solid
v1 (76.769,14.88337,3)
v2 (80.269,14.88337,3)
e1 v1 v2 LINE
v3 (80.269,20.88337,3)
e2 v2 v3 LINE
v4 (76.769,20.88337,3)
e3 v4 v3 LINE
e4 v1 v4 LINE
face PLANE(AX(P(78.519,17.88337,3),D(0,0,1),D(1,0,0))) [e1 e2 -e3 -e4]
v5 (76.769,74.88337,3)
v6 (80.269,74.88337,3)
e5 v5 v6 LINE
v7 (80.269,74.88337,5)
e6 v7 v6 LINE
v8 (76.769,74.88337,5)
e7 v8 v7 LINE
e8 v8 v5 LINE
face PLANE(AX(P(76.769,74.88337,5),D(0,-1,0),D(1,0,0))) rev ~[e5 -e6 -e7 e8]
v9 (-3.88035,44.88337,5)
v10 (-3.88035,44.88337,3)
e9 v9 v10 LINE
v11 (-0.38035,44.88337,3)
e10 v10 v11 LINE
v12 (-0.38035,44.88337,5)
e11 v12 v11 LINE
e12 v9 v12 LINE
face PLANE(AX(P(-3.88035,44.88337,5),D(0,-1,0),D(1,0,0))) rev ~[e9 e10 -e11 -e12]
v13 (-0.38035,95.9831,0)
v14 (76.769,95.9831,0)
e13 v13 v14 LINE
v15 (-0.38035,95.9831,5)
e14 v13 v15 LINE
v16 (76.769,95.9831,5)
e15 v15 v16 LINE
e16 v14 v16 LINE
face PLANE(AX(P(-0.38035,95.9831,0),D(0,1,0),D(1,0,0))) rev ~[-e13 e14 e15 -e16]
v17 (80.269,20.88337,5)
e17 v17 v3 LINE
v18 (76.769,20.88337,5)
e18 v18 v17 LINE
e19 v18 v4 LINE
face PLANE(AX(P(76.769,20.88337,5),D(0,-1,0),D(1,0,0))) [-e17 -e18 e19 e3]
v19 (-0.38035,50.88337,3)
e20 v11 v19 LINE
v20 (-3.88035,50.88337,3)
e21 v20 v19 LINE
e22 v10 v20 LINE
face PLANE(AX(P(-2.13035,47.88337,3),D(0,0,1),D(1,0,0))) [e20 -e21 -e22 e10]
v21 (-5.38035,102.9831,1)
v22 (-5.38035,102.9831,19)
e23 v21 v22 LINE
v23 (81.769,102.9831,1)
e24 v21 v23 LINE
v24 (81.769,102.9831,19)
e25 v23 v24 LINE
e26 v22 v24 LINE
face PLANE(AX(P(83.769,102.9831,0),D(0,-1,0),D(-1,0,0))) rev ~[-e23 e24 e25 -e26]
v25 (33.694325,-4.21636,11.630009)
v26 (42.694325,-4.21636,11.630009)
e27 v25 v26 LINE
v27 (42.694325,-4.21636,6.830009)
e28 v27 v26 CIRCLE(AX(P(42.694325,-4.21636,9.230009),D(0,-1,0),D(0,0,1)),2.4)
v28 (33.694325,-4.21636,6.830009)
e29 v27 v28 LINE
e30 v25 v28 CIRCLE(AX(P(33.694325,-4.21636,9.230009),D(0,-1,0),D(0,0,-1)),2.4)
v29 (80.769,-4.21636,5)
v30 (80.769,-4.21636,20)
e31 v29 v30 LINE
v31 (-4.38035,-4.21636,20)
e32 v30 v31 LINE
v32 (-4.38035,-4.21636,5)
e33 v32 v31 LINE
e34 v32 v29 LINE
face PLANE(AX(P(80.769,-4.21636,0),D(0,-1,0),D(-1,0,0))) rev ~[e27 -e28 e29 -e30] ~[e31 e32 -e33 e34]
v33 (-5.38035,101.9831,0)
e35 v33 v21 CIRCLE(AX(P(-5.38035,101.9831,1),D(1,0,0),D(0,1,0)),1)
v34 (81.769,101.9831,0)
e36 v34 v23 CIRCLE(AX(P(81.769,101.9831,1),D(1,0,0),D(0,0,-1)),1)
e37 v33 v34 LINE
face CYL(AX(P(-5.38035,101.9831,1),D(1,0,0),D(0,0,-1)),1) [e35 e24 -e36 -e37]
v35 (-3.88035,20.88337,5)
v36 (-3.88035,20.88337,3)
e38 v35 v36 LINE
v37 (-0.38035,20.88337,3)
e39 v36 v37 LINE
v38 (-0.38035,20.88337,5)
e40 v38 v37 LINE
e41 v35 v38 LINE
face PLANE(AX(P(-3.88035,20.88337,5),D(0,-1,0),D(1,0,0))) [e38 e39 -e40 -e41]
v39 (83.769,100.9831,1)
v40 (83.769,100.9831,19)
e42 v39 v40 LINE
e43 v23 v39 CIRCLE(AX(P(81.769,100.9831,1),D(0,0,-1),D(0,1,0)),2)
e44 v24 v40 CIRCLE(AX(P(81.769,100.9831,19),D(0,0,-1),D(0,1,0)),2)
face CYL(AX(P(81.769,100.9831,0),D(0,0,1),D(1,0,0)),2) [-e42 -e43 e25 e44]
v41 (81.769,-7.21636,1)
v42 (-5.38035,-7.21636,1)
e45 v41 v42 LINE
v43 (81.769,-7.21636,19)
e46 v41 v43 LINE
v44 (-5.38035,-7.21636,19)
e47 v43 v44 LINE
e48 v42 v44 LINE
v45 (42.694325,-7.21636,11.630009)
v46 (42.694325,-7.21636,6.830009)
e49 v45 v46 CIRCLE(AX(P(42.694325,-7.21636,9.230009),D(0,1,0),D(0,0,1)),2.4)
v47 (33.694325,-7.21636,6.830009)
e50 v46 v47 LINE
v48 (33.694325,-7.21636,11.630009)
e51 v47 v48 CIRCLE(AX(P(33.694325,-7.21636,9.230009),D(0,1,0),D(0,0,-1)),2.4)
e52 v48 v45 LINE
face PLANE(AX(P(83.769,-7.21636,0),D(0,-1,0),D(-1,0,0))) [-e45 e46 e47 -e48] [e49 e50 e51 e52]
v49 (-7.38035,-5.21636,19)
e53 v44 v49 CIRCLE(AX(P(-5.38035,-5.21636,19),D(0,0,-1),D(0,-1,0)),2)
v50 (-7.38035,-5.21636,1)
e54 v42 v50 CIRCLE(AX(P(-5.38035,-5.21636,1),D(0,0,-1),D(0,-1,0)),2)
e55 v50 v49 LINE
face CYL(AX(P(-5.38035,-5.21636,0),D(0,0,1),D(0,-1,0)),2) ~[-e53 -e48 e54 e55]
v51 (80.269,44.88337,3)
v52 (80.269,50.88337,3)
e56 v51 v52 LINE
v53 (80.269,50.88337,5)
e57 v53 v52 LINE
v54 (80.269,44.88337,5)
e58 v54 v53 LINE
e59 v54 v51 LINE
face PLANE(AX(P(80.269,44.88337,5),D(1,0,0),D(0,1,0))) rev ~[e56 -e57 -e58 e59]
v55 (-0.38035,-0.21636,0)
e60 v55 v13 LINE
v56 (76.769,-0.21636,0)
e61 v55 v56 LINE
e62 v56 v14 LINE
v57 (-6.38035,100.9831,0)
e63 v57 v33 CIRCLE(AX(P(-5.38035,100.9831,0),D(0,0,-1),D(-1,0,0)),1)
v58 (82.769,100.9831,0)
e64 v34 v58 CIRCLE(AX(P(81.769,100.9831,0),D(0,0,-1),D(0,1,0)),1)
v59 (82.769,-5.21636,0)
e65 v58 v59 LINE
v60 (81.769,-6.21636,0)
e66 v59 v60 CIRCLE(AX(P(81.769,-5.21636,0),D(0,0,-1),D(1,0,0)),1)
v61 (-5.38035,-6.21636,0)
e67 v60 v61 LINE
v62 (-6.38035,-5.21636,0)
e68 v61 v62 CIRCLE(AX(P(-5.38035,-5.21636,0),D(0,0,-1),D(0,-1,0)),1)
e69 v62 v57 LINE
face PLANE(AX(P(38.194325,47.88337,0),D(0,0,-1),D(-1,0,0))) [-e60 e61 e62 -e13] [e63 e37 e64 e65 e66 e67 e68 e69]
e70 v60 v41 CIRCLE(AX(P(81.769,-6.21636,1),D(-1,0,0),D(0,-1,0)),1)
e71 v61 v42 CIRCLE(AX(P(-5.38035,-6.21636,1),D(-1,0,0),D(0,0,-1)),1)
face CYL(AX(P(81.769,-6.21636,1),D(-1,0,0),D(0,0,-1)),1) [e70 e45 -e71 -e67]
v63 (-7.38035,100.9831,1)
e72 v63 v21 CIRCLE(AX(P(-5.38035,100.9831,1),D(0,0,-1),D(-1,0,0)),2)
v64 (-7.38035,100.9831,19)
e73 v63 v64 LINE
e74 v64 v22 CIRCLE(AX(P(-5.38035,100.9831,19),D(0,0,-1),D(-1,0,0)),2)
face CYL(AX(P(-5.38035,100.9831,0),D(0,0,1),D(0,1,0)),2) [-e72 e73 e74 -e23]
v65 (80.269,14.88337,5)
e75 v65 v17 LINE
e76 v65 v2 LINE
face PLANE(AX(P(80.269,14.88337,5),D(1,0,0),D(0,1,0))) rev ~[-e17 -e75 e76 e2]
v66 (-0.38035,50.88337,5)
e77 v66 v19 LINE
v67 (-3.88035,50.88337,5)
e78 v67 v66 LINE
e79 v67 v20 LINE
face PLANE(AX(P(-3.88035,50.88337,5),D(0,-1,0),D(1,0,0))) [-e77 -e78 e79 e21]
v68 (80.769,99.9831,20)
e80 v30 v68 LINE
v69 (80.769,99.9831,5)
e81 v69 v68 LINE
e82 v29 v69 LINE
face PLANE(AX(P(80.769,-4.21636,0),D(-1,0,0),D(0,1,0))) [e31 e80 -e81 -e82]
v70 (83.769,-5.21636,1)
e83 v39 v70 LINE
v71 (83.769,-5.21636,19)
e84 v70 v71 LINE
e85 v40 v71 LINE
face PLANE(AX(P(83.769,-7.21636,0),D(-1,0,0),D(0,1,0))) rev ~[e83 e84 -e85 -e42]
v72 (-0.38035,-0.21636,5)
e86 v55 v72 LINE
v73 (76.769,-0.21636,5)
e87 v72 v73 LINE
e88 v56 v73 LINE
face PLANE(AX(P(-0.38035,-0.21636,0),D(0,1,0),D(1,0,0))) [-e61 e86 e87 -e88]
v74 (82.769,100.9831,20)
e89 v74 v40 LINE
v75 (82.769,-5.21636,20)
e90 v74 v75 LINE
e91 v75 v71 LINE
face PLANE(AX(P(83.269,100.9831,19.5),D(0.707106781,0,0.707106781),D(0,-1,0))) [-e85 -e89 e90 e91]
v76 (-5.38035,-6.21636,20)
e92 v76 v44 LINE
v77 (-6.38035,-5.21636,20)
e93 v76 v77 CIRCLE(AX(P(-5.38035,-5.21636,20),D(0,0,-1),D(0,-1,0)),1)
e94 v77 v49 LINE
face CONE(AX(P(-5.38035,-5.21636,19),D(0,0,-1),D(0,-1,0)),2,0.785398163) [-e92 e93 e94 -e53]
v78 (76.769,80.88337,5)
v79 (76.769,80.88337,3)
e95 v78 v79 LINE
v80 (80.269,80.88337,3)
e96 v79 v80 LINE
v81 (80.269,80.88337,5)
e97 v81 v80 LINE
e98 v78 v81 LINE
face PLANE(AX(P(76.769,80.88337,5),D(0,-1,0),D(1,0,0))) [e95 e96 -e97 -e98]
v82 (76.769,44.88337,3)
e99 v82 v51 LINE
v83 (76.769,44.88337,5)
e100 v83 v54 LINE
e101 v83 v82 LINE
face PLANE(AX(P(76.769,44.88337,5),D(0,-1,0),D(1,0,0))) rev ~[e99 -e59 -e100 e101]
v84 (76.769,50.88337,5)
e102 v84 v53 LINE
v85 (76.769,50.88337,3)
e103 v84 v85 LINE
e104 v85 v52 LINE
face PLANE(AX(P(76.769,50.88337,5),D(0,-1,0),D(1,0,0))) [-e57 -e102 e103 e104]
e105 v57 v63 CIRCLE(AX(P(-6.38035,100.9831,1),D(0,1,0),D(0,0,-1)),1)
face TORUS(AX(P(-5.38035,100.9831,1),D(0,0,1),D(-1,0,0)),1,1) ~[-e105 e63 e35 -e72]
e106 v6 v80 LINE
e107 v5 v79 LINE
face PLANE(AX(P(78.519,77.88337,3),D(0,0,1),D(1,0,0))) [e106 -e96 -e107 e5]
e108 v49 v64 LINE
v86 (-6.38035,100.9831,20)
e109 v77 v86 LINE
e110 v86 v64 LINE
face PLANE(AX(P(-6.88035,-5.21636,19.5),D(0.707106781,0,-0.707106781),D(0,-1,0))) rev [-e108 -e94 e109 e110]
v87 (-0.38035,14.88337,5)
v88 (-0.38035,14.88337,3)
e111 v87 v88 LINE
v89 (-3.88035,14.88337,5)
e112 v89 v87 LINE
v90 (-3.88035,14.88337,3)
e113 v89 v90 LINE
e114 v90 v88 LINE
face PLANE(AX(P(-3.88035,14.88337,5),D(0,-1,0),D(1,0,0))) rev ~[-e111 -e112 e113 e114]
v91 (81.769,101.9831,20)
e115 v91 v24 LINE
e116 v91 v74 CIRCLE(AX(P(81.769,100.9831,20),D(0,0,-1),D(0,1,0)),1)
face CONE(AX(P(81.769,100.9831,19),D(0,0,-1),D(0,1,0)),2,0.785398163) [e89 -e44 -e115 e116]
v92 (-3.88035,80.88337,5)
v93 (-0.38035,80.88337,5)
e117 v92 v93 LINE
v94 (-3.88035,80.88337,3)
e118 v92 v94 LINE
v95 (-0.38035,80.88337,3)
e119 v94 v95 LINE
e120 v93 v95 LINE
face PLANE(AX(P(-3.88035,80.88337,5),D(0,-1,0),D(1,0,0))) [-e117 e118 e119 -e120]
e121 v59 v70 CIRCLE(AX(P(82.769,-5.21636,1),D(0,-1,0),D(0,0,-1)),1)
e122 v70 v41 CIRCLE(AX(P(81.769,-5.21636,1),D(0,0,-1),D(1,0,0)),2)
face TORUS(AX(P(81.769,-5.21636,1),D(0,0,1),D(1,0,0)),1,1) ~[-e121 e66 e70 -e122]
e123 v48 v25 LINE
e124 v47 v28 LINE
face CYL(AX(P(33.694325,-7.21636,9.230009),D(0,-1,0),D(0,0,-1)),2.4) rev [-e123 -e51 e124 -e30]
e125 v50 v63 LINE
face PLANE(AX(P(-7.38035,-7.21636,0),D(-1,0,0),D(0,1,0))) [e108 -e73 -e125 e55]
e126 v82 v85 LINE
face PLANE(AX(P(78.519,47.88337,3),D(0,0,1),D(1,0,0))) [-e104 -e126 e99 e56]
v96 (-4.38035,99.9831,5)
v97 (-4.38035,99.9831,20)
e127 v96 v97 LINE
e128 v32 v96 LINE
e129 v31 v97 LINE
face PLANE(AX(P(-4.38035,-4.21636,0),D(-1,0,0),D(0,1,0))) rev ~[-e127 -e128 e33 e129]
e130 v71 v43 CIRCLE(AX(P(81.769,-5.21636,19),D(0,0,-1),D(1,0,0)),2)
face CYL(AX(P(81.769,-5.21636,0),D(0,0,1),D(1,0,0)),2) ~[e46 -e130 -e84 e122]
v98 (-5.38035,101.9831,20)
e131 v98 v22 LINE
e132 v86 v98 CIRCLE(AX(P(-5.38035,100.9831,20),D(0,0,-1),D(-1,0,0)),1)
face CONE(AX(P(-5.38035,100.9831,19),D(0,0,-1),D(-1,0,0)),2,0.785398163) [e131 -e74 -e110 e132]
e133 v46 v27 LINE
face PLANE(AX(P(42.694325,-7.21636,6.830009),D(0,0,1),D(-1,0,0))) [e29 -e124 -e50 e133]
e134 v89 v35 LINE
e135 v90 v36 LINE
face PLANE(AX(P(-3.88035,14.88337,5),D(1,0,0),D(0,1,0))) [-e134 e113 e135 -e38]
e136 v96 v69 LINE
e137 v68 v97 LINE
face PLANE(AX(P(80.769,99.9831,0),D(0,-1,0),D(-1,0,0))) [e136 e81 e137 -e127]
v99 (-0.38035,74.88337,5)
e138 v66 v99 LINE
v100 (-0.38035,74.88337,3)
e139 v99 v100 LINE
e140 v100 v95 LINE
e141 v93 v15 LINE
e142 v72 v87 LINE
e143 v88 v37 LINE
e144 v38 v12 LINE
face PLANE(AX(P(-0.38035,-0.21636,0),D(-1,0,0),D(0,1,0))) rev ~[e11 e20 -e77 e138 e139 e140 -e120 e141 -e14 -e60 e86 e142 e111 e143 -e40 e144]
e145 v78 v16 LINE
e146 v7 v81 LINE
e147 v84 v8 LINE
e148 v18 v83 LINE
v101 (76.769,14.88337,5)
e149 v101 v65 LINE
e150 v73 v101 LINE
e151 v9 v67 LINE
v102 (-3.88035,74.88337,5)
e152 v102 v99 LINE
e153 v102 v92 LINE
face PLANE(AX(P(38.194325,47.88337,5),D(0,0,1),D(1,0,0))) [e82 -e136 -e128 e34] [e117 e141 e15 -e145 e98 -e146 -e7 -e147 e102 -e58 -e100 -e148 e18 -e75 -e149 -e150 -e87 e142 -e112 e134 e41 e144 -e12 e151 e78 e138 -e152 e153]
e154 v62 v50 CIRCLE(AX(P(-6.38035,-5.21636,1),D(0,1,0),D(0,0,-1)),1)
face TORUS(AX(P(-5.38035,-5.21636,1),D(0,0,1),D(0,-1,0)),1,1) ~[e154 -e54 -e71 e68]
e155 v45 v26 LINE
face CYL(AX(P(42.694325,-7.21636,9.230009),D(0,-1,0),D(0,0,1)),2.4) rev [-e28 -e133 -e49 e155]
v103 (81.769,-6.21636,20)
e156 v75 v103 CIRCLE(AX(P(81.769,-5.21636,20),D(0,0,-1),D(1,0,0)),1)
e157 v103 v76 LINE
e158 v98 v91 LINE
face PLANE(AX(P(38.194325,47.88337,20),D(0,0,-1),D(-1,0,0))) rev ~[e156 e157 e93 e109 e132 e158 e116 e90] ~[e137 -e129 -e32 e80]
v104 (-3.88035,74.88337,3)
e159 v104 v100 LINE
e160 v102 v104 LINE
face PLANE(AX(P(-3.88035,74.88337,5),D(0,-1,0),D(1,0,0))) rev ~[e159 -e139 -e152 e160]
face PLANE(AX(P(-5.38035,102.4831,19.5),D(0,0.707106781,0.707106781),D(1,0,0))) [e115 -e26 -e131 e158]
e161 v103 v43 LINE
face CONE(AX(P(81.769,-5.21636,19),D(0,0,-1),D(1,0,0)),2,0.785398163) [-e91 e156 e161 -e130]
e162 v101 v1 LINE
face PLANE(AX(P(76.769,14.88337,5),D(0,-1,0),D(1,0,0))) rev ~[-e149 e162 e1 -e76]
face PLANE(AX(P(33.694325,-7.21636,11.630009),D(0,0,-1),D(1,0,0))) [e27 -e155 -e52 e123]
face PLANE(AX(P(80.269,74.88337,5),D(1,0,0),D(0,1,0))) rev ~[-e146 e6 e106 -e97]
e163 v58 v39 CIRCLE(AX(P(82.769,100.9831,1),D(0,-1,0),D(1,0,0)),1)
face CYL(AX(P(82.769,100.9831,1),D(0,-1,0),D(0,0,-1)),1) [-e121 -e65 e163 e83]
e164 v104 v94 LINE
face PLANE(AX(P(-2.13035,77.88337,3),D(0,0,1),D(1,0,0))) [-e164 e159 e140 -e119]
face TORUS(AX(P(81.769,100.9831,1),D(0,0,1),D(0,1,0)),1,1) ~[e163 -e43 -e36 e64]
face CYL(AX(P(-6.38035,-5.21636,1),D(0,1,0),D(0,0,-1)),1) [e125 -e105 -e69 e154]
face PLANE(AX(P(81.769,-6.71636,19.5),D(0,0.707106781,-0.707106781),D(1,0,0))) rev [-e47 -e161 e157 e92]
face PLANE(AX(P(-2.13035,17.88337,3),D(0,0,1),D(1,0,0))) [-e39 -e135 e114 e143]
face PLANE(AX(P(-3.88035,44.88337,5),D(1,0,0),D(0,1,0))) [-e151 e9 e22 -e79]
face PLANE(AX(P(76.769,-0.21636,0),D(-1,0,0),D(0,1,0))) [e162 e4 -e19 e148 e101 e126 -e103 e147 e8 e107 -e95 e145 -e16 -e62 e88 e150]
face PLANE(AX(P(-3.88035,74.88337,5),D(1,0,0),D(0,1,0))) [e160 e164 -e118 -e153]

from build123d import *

# Parameters (mm, degrees)
MODEL_W             = 85.14935
MODEL_H             = 104.19946
MODEL_W_2           = 77.14935
MODEL_H_2           = 96.19946
EXTRUDE_2_DEPTH     = 5
SKETCH_2_W          = 3.5
SKETCH_2_H          = 6
CUT_EXTRUDE_1_DEPTH = 2
SKETCH_4_W          = 91.14935
SKETCH_4_H          = 110.19946
SKETCH_4_W_2        = 85.14935
SKETCH_4_H_2        = 104.19946
EXTRUDE_5_DEPTH     = 20
FILLET_1_R          = 2
CHAMFER_1_SIZE      = 1
FILLET_2_R          = 1
CUT_EXTRUDE_2_DEPTH = 10


with BuildPart() as part:
    # Model → 凸台-拉伸2 (new body)
    with BuildSketch(Plane.XY):
        with Locations((38.194325, 47.88337)):
            Rectangle(MODEL_W, MODEL_H)
        with Locations((38.194325, 47.88337)):
            Rectangle(MODEL_W_2, MODEL_H_2, mode=Mode.SUBTRACT)
    extrude(amount=EXTRUDE_2_DEPTH)

    # 草图2 → 切除-拉伸1 (cut)
    with BuildSketch(Plane.XY.offset(5)):
        with Locations((-2.13035, 77.88337)):
            Rectangle(SKETCH_2_W, SKETCH_2_H)
        with Locations((78.519, 77.88337)):
            Rectangle(SKETCH_2_W, SKETCH_2_H)
        with Locations((-2.13035, 47.88337)):
            Rectangle(SKETCH_2_W, SKETCH_2_H)
        with Locations((78.519, 47.88337)):
            Rectangle(SKETCH_2_W, SKETCH_2_H)
        with Locations((-2.13035, 17.88337)):
            Rectangle(SKETCH_2_W, SKETCH_2_H)
        with Locations((78.519, 17.88337)):
            Rectangle(SKETCH_2_W, SKETCH_2_H)
    extrude(amount=-CUT_EXTRUDE_1_DEPTH, mode=Mode.SUBTRACT)

    # 草图4 → 凸台-拉伸5 (add)
    with BuildSketch(Plane(origin=(0, 0, 0), x_dir=(-1, 0, 0), z_dir=(0, 0, -1))):
        with Locations((-38.194325, 47.88337)):
            Rectangle(SKETCH_4_W, SKETCH_4_H)
        with Locations((-38.194325, 47.88337)):
            Rectangle(SKETCH_4_W_2, SKETCH_4_H_2, mode=Mode.SUBTRACT)
    extrude(amount=-EXTRUDE_5_DEPTH)

    # 圆角1
    fillet_1_edges = [part.edges().sort_by_distance(p)[0] for p in [
        (83.769, 102.9831, 10),
        (-7.38035, 102.9831, 10),
        (-7.38035, -7.21636, 10),
        (83.769, -7.21636, 10),
    ]]
    fillet(fillet_1_edges, radius=FILLET_1_R)

    # 倒角1
    chamfer_1_edges = [part.edges().sort_by_distance(p)[0] for p in [
        (-7.38035, 47.88337, 20),
        (38.194325, 102.9831, 20),
        (38.194325, -7.21636, 20),
        (83.769, 47.88337, 20),
        (-6.794563562, -6.630573562, 20),
        (83.183213562, -6.630573562, 20),
        (83.183213562, 102.397313562, 20),
        (-6.794563562, 102.397313562, 20),
    ]]
    chamfer(chamfer_1_edges, length=CHAMFER_1_SIZE)

    # 圆角2
    fillet_2_edges = [part.edges().sort_by_distance(p)[0] for p in [
        (-7.38035, 47.88337, 0),
        (38.194325, 102.9831, 0),
        (83.769, 47.88337, 0),
        (38.194325, -7.21636, 0),
        (-6.794563562, -6.630573562, 0),
        (83.183213562, -6.630573562, 0),
        (83.183213562, 102.397313562, 0),
        (-6.794563562, 102.397313562, 0),
    ]]
    fillet(fillet_2_edges, radius=FILLET_2_R)

    # 草图5 → 切除-拉伸2 (cut)
    with BuildSketch(Plane(origin=(76.38865, -7.21636, 20), x_dir=(-1, 0, 0), z_dir=(0, -1, 0))):
        with BuildLine():
            Line((33.694325, 13.169990539), (42.694325, 13.169990539))
            ThreePointArc((42.694325, 13.169990539), (45.094325, 10.769990539), (42.694325, 8.369990539))
            Line((42.694325, 8.369990539), (33.694325, 8.369990539))
            ThreePointArc((33.694325, 8.369990539), (31.294325, 10.769990539), (33.694325, 13.169990539))
        make_face()
    extrude(amount=-CUT_EXTRUDE_2_DEPTH, mode=Mode.SUBTRACT)


solid = part.part
